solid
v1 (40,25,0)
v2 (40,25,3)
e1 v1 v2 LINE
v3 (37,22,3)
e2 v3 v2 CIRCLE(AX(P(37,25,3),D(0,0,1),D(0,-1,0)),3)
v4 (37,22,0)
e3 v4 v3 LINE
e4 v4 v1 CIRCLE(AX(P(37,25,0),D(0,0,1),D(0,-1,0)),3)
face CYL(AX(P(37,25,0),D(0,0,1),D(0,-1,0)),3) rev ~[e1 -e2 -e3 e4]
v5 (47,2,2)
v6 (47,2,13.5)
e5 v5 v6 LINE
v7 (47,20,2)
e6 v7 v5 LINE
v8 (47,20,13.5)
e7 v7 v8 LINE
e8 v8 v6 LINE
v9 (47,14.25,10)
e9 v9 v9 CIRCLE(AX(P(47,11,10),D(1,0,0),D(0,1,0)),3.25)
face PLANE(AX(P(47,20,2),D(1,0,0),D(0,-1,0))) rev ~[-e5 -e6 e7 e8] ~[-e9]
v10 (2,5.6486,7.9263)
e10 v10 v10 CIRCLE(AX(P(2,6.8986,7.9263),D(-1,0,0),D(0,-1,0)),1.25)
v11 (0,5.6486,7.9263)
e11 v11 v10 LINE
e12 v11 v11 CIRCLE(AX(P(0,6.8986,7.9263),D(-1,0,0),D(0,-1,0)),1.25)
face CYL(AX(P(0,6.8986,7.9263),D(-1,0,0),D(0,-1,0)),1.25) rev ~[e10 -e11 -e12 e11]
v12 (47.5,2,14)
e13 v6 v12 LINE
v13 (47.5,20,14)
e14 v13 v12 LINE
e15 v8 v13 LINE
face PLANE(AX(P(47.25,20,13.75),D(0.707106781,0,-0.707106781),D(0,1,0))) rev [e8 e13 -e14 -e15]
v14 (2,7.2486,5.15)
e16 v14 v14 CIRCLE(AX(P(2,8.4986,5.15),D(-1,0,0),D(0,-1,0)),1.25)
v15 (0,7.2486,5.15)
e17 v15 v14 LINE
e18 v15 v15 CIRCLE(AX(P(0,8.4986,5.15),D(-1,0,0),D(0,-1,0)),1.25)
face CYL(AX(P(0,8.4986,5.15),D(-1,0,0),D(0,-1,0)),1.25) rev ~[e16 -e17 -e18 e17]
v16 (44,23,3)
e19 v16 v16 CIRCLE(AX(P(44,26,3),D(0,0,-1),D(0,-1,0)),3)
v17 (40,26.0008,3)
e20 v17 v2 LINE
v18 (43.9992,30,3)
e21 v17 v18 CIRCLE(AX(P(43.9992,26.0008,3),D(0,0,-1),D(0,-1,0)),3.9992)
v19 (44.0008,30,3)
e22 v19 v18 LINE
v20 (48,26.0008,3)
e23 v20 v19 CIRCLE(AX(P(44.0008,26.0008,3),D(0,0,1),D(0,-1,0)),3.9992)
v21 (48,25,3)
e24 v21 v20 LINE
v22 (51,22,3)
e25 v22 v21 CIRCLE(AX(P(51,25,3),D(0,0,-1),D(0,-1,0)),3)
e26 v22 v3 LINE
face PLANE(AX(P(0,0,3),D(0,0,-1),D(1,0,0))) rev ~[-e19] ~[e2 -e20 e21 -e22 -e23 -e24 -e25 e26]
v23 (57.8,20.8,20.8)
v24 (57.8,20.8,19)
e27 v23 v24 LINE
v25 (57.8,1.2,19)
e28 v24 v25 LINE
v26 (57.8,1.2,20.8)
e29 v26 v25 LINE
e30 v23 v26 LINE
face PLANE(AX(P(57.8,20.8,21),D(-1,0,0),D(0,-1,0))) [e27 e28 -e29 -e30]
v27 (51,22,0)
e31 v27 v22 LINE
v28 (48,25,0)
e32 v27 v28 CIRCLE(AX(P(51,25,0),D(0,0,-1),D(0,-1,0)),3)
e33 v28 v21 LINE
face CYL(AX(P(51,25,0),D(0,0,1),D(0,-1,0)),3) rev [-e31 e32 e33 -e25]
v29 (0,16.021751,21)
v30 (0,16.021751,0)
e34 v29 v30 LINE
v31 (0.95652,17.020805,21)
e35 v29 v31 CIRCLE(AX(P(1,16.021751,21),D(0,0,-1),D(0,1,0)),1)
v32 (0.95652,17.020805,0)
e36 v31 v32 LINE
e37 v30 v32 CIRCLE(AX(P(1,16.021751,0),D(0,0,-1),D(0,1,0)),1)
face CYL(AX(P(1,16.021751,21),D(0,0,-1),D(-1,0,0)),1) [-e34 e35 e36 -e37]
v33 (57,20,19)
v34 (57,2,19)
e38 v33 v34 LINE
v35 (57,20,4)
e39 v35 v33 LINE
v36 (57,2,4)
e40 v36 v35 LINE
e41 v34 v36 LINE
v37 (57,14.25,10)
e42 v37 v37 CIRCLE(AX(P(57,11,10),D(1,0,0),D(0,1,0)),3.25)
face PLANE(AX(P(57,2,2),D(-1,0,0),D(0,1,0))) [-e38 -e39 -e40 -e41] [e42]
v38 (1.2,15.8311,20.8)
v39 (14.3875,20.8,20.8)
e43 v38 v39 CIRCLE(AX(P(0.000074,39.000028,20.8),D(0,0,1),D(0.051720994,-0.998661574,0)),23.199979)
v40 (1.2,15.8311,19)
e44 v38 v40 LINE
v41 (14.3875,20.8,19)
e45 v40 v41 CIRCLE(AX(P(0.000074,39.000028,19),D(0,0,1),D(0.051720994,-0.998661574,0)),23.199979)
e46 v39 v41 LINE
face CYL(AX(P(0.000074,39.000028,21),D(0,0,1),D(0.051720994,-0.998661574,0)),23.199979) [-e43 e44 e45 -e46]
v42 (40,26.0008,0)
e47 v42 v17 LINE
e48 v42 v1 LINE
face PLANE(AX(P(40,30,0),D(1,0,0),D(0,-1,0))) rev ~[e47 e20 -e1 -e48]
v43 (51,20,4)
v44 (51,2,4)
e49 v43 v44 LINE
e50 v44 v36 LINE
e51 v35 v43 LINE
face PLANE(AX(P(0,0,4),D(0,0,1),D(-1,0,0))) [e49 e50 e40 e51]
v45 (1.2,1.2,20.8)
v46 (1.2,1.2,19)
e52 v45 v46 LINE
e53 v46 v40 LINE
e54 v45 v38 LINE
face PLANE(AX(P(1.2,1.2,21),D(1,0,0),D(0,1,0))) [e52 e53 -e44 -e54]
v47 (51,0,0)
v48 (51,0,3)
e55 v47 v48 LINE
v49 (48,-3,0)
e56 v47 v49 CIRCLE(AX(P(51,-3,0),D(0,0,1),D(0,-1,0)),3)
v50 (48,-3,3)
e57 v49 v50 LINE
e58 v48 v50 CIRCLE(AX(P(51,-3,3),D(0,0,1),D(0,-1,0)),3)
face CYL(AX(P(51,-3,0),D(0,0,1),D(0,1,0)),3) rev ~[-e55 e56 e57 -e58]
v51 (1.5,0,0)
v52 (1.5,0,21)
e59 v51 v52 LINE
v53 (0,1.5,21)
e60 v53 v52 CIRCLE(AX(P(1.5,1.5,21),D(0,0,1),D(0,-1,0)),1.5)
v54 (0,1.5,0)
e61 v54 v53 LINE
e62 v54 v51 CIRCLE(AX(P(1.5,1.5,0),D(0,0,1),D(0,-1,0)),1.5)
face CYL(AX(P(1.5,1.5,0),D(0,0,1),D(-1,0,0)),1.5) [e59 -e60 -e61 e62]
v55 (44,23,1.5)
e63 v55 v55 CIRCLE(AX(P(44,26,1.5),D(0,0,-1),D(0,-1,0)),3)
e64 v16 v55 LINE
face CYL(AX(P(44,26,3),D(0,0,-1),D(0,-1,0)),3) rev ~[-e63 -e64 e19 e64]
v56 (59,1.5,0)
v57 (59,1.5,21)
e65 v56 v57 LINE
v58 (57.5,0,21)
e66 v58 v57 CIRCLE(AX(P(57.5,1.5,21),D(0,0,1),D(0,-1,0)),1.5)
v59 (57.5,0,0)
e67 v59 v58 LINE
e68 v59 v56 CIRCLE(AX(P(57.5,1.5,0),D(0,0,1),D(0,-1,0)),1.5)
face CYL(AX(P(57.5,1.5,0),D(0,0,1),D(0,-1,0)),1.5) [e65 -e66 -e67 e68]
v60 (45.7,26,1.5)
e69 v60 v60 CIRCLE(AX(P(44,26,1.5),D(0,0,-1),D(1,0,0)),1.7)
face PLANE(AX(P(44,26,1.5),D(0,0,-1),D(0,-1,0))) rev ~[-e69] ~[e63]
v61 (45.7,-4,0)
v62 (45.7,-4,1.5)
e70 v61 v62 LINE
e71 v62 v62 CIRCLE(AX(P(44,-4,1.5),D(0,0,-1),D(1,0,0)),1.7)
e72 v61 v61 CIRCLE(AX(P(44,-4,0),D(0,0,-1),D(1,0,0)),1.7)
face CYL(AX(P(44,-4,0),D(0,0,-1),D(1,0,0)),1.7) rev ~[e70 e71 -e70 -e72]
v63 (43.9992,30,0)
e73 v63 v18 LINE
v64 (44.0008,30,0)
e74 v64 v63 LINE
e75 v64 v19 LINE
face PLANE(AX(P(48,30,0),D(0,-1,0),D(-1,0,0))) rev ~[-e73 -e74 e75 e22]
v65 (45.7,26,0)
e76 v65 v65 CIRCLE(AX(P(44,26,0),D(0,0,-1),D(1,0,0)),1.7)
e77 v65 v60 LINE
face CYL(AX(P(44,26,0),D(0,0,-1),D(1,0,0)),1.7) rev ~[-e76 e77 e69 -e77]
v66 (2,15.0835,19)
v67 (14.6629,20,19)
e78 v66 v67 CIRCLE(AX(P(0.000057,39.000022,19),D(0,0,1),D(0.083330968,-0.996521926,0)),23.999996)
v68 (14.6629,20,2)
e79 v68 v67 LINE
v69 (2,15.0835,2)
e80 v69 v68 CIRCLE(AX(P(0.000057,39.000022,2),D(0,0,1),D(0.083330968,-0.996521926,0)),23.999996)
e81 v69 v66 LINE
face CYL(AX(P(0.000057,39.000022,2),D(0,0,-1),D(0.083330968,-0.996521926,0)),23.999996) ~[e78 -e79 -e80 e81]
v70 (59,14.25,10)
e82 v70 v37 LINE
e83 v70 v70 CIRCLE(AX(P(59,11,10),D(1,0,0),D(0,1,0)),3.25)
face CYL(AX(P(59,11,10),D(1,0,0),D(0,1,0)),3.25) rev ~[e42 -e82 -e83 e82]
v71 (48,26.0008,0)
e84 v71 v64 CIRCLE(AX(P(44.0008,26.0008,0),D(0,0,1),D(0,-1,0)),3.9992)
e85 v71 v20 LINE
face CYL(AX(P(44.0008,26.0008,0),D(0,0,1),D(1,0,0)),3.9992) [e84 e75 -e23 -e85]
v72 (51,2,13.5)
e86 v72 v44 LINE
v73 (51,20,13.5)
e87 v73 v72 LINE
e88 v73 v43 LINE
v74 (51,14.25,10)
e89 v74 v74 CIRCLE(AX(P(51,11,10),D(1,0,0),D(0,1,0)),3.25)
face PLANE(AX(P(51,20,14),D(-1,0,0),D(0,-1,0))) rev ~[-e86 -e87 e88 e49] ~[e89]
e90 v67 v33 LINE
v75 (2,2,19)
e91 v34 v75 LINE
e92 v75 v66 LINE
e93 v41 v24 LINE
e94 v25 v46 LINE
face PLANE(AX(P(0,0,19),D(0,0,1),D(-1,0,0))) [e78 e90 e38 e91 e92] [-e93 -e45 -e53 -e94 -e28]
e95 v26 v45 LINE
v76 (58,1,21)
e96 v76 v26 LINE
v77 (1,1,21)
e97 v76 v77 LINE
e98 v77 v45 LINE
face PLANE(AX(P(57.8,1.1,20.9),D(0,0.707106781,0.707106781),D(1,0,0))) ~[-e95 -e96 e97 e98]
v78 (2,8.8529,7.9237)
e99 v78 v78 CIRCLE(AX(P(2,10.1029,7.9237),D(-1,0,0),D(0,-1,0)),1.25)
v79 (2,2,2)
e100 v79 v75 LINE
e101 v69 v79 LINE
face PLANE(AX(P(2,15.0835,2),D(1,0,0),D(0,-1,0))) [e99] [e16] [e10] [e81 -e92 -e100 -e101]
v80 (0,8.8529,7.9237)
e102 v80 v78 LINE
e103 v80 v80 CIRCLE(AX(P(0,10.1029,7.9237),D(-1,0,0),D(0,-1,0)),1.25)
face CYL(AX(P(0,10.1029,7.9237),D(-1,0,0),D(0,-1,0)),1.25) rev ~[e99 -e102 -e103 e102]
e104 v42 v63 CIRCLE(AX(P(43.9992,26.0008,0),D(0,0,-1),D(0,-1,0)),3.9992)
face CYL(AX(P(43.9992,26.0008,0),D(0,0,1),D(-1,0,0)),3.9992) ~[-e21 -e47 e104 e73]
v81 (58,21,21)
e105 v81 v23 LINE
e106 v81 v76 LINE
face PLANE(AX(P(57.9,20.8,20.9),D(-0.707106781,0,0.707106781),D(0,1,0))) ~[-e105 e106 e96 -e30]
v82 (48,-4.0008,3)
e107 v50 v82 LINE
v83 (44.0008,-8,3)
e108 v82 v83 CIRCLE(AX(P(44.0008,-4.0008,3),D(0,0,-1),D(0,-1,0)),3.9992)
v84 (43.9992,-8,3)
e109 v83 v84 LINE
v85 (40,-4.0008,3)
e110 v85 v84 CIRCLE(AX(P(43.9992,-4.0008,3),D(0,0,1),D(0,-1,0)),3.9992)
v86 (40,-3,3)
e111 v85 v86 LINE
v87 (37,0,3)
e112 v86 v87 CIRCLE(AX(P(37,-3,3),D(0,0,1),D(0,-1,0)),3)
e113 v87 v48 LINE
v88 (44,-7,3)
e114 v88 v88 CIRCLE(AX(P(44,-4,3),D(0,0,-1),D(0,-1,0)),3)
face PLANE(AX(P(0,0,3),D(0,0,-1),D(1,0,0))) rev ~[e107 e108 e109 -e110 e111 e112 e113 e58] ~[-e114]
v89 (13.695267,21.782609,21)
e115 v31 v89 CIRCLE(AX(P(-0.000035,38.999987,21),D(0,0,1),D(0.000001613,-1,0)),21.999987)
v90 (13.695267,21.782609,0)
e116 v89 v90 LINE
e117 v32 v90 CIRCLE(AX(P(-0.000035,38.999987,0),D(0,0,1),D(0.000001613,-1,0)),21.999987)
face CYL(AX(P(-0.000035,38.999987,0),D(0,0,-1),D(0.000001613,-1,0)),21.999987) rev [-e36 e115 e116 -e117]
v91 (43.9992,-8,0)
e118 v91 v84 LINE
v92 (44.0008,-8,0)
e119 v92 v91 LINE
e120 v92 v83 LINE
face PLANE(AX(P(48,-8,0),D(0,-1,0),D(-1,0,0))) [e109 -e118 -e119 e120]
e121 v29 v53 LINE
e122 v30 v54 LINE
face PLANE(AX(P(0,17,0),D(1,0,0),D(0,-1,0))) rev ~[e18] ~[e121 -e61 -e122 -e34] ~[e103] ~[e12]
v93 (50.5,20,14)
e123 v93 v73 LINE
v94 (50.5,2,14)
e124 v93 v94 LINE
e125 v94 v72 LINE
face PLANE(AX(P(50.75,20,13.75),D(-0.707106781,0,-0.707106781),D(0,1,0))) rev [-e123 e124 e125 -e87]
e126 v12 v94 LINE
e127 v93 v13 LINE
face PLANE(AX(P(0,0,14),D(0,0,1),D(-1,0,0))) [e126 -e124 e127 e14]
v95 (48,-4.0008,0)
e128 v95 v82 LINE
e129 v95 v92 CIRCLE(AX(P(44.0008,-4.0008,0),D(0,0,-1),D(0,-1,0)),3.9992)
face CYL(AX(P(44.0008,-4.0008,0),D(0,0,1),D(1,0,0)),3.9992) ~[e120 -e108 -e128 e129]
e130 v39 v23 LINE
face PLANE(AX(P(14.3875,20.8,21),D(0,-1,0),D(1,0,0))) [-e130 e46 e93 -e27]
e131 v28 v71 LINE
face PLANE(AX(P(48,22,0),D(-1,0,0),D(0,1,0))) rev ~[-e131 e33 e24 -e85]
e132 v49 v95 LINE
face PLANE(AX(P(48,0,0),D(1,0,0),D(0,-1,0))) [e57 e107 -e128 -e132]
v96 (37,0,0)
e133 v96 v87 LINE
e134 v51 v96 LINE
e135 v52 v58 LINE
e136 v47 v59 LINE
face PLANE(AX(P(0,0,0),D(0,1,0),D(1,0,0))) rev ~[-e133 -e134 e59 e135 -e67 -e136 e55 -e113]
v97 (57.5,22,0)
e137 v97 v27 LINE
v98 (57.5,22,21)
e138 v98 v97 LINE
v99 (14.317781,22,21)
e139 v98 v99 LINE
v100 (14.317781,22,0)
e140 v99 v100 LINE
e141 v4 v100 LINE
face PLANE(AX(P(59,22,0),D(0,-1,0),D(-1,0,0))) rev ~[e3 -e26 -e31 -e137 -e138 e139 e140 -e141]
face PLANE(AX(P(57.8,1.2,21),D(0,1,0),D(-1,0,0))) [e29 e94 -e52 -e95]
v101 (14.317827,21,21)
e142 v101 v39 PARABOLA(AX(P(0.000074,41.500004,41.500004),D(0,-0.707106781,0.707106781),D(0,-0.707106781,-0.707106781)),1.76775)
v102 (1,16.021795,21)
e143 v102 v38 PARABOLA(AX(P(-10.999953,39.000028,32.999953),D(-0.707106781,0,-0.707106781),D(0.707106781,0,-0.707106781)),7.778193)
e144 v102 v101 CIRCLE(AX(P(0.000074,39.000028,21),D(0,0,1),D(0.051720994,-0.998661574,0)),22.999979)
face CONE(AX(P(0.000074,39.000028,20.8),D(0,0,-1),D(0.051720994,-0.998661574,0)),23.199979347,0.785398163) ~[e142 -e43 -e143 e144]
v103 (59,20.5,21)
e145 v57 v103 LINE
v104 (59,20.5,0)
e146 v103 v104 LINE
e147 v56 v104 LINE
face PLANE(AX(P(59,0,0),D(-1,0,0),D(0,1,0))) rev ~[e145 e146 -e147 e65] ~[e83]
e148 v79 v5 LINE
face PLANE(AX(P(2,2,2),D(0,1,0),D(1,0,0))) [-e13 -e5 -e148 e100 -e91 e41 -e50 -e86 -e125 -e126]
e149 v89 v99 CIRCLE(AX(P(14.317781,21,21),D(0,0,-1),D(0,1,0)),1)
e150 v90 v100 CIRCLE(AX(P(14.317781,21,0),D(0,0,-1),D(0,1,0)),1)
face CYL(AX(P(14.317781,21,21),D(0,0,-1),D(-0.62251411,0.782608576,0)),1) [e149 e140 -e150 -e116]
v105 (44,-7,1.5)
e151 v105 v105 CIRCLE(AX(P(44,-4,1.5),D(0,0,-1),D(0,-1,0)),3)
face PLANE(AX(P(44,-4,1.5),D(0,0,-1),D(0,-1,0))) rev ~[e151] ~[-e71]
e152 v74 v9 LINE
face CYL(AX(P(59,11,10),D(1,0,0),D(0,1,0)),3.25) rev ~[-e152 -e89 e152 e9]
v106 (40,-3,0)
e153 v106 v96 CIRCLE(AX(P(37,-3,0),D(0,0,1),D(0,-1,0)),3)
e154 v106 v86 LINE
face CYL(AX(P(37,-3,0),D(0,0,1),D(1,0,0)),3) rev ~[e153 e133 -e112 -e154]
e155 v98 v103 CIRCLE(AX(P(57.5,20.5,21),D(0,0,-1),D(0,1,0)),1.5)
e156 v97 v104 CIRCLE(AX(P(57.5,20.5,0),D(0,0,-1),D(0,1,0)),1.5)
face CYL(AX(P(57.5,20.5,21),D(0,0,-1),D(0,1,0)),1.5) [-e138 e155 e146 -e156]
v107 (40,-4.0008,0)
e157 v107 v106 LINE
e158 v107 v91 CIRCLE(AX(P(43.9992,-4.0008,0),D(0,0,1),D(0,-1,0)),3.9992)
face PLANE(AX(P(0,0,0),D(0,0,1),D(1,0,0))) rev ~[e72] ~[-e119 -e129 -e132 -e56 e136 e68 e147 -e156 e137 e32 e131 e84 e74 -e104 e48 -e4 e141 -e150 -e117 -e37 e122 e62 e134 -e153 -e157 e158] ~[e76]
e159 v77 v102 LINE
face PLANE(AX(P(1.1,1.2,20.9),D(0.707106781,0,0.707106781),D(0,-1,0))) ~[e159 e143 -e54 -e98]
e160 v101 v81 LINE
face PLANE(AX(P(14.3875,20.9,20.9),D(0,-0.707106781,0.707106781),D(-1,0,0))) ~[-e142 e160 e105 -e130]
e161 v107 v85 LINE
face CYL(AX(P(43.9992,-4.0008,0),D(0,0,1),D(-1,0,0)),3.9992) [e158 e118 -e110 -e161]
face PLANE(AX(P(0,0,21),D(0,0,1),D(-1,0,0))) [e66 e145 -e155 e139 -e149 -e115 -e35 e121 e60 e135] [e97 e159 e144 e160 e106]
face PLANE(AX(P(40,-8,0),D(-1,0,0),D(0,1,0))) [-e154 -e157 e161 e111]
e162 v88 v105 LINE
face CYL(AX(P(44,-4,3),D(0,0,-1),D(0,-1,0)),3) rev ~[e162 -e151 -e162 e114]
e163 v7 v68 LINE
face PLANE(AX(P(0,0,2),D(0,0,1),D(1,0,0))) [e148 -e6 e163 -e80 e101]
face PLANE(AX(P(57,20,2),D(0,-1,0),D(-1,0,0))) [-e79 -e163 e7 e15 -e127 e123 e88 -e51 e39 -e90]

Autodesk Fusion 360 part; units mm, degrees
sketch "Esquisse1" plane through (0, 0, 0) normal (0, 0, 1) x (1, 0, 0)
  line L0 (0, 0) -> (59, 0)
  line L1 (59, 0) -> (59, 22)
  line L2 (59, 22) -> (0, 22)
  line L3 (0, 22) -> (0, 0)
  line L4 (0, 0) -> (0, 17) construction
  line L5 (0, 17) -> (0, 39) construction
  arc A0 (0, 17) -> (13.9642, 22) centre (0, 39) ccw
  dimension "d1" = 22
  dimension "d2" = 59
  dimension "d3" = 17
  dimension "d4" = 22
extrude "Extrusion1" add sketch "Esquisse1" along normal blind 2 contours L0 L1 L2 L3 A0
sketch "Esquisse2" plane through (0, 0, 2) normal (0, 0, 1) x (-1, 0, 0)
  line L0 (0, 0) -> (-59, 0)
  line L1 (-59, 0) -> (-59, -22)
  line L2 (-59, -22) -> (-13.9642, -22)
  arc A0 (0, -17) -> (-13.9642, -22) centre (0, -39) ccw
  line L3 (0, -17) -> (0, 0)
  arc A1 (-2, -15.0835) -> (-14.6629, -20) centre (0, -39) ccw
  line L4 (-57, -20) -> (-14.6629, -20)
  line L5 (-57, -2) -> (-57, -20)
  line L6 (-2, -2) -> (-57, -2)
  line L7 (-2, -15.0835) -> (-2, -2)
  dimension "d7" = -2
extrude "Extrusion2" add sketch "Esquisse2" along normal blind 19
sketch "Esquisse3" plane through (0, 0, 0) normal (-1, 0, 0) x (0, -1, 0)
  line L0 (-17, 0) -> (0, 0)
  line L1 (0, 0) -> (0, 21)
  line L2 (0, 21) -> (-17, 21)
  line L3 (-17, 21) -> (-17, 0)
  line L4 (-17, 7) -> (0, 7) construction
  circle A0 centre (-8.5, 7) radius 1.85 construction
  circle A1 centre (-8.4986, 5.15) radius 1.25
  circle A2 centre (-6.8986, 7.9263) radius 1.25
  circle A3 centre (-10.1029, 7.9237) radius 1.25
  dimension "d11" = 7
  dimension "d12" = 3.7
  dimension "d13" = 2.5
  dimension "d15" = 360
extrude "Extrusion3" cut sketch "Esquisse3" against normal blind 2 contours A1 | A2 | A3
sketch "Esquisse5" plane through (59, 0, 0) normal (1, 0, 0) x (0, 1, 0)
  line L0 (0, 0) -> (22, 0)
  line L1 (22, 0) -> (22, 21)
  line L2 (22, 21) -> (0, 21)
  line L3 (0, 21) -> (0, 0)
  circle A0 centre (11, 10) radius 3.25
  circle A1 centre (11, 10) radius 2
  dimension "d24" = 6.5
  dimension "d28" = 11
  dimension "d29" = 10
  dimension "d36" = 4
sketch "Esquisse6" plane through (0, 0, 2) normal (0, 0, 1) x (-1, 0, 0)
  line L0 (-2, -2) -> (-57, -2)
  line L1 (-57, -2) -> (-57, -20)
  line L2 (-57, -20) -> (-14.6629, -20)
  arc A0 (-2, -15.0835) -> (-14.6629, -20) centre (0, -39) ccw
  line L3 (-2, -15.0835) -> (-2, -2)
  line L4 (-57, -20) -> (-47, -20)
  line L5 (-47, -20) -> (-47, -2)
  line L6 (-47, -2) -> (-57, -2)
  line L7 (-57, -2) -> (-57, -20)
  dimension "d25" = 10
extrude "Extrusion5" add sketch "Esquisse6" along normal blind 12 contours L0 L1 L2 L4 L5 L6 L7
extrude "Extrusion6" cut sketch "Esquisse5" against normal blind 19 contours A0 | A1
sketch "Esquisse7" plane through (0, 0, 14) normal (0, 0, 1) x (-1, 0, 0)
  line L0 (-57, -2) -> (-57, -20)
  line L1 (-57, -20) -> (-47, -20)
  line L2 (-47, -20) -> (-47, -2)
  line L3 (-57, -20) -> (-57, -2)
  line L4 (-57, -20) -> (-51, -20)
  line L5 (-51, -20) -> (-51, -2)
  line L6 (-51, -2) -> (-57, -2)
  line L7 (-57, -2) -> (-57, -20)
  line L8 (-47, -2) -> (-57, -2)
  dimension "d35" = 6
extrude "Extrusion7" cut sketch "Esquisse7" against normal blind 10 contours L0 L1 L3 L4 L5 L6 L7 L8
extrude "Extrusion8" cut sketch "Esquisse5" against normal blind 13 contours A1
sketch "Esquisse8" plane through (51, 0, 0) normal (1, 0, 0) x (0, 1, 0)
  line L0 (20, 14) -> (2, 14)
  line L1 (2, 14) -> (2, 4)
  line L2 (2, 4) -> (20, 4)
  line L3 (20, 4) -> (20, 14)
  circle A0 centre (11, 10) radius 3.25
sketch "Esquisse9" plane through (0, 0, 0) normal (0, 0, -1) x (1, 0, 0)
  line L0 (59, 0) -> (0, 0)
  line L1 (0, 0) -> (0, -17)
  arc A0 (13.9642, -22) -> (0, -17) centre (0, -39) ccw
  line L2 (13.9642, -22) -> (59, -22)
  line L3 (59, -22) -> (59, 0)
  line L4 (40, 0) -> (48, 0)
  line L5 (48, 0) -> (48, 8)
  line L6 (48, 8) -> (40, 8)
  line L7 (40, 8) -> (40, 0)
  line L8 (44, 0) -> (44, 8) construction
  line L9 (59, -11) -> (19, -11) construction
  line L10 (48, -22) -> (48, -30)
  line L11 (48, -30) -> (40, -30)
  line L12 (40, -30) -> (40, -22)
  line L13 (40, -22) -> (48, -22)
  circle A1 centre (44, 4) radius 1.7
  circle A2 centre (44, -26) radius 1.7
  dimension "d39" = 8
  dimension "d40" = 8
  dimension "d41" = 15
  dimension "d44" = 3.4
extrude "Extrusion9" add sketch "Esquisse9" against normal blind 3 contours L0 L4 L5 L6 L7 | L2 L10 L11 L12 L13
fillet "Congé1" radius 4 4 edges at (48, -8, 1.5) (40, -8, 1.5) (48, 30, 1.5) (40, 30, 1.5)
fillet "Congé2" radius 3 4 edges at (48, 0, 1.5) (48, 22, 1.5) (40, 22, 1.5) (40, 0, 1.5)
sketch "Esquisse10" plane through (0, 0, 21) normal (0, 0, 1) x (-1, 0, 0)
  line L0 (-2, -2) -> (-2, -15.0835)
  arc A0 (-2, -15.0835) -> (-14.6629, -20) centre (0, -39) ccw
  line L1 (-14.6629, -20) -> (-57, -20)
  line L2 (-57, -20) -> (-57, -2)
  line L3 (-57, -2) -> (-2, -2)
  line L4 (0, -17) -> (0, 0)
  line L5 (0, 0) -> (-59, 0)
  line L6 (-59, 0) -> (-59, -22)
  line L7 (-59, -22) -> (-13.9642, -22)
  arc A1 (0, -17) -> (-13.9642, -22) centre (0, -39) ccw
  line L8 (-57.8, -1.2) -> (-1.2, -1.2)
  line L9 (-1.2, -1.2) -> (-1.2, -15.8311)
  arc A2 (-1.2, -15.8311) -> (-14.3875, -20.8) centre (0, -39) ccw
  line L10 (-14.3875, -20.8) -> (-57.8, -20.8)
  line L11 (-57.8, -20.8) -> (-57.8, -1.2)
  dimension "d49" = -0.8
extrude "Extrusion10" cut sketch "Esquisse10" against normal blind 2 contours L8 L9 A2 L10 L11
chamfer "Chanfrein1" distance 0.2 angle 45 5 edges at (8.1802, 17.29, 21) (36.0937, 20.8, 21) (57.8, 11, 21) (29.5, 1.2, 21) (1.2, 8.5155, 21)
fillet "Congé3" radius 1.5 3 edges at (0, 0, 10.5) (59, 0, 10.5) (59, 22, 10.5)
fillet "Congé4" radius 1 2 edges at (0, 17, 10.5) (13.9642, 22, 10.5)
chamfer "Chanfrein2" distance 0.5 angle 45 2 edges at (51, 11, 14) (47, 11, 14)
hole "Perçage1" at (44, -4, 3) direction (0, 0, -1) diameter 6 depth 1.5 tip angle 180
hole "Perçage2" at (44, 26, 3) direction (0, 0, -1) diameter 6 depth 1.5 tip angle 180
